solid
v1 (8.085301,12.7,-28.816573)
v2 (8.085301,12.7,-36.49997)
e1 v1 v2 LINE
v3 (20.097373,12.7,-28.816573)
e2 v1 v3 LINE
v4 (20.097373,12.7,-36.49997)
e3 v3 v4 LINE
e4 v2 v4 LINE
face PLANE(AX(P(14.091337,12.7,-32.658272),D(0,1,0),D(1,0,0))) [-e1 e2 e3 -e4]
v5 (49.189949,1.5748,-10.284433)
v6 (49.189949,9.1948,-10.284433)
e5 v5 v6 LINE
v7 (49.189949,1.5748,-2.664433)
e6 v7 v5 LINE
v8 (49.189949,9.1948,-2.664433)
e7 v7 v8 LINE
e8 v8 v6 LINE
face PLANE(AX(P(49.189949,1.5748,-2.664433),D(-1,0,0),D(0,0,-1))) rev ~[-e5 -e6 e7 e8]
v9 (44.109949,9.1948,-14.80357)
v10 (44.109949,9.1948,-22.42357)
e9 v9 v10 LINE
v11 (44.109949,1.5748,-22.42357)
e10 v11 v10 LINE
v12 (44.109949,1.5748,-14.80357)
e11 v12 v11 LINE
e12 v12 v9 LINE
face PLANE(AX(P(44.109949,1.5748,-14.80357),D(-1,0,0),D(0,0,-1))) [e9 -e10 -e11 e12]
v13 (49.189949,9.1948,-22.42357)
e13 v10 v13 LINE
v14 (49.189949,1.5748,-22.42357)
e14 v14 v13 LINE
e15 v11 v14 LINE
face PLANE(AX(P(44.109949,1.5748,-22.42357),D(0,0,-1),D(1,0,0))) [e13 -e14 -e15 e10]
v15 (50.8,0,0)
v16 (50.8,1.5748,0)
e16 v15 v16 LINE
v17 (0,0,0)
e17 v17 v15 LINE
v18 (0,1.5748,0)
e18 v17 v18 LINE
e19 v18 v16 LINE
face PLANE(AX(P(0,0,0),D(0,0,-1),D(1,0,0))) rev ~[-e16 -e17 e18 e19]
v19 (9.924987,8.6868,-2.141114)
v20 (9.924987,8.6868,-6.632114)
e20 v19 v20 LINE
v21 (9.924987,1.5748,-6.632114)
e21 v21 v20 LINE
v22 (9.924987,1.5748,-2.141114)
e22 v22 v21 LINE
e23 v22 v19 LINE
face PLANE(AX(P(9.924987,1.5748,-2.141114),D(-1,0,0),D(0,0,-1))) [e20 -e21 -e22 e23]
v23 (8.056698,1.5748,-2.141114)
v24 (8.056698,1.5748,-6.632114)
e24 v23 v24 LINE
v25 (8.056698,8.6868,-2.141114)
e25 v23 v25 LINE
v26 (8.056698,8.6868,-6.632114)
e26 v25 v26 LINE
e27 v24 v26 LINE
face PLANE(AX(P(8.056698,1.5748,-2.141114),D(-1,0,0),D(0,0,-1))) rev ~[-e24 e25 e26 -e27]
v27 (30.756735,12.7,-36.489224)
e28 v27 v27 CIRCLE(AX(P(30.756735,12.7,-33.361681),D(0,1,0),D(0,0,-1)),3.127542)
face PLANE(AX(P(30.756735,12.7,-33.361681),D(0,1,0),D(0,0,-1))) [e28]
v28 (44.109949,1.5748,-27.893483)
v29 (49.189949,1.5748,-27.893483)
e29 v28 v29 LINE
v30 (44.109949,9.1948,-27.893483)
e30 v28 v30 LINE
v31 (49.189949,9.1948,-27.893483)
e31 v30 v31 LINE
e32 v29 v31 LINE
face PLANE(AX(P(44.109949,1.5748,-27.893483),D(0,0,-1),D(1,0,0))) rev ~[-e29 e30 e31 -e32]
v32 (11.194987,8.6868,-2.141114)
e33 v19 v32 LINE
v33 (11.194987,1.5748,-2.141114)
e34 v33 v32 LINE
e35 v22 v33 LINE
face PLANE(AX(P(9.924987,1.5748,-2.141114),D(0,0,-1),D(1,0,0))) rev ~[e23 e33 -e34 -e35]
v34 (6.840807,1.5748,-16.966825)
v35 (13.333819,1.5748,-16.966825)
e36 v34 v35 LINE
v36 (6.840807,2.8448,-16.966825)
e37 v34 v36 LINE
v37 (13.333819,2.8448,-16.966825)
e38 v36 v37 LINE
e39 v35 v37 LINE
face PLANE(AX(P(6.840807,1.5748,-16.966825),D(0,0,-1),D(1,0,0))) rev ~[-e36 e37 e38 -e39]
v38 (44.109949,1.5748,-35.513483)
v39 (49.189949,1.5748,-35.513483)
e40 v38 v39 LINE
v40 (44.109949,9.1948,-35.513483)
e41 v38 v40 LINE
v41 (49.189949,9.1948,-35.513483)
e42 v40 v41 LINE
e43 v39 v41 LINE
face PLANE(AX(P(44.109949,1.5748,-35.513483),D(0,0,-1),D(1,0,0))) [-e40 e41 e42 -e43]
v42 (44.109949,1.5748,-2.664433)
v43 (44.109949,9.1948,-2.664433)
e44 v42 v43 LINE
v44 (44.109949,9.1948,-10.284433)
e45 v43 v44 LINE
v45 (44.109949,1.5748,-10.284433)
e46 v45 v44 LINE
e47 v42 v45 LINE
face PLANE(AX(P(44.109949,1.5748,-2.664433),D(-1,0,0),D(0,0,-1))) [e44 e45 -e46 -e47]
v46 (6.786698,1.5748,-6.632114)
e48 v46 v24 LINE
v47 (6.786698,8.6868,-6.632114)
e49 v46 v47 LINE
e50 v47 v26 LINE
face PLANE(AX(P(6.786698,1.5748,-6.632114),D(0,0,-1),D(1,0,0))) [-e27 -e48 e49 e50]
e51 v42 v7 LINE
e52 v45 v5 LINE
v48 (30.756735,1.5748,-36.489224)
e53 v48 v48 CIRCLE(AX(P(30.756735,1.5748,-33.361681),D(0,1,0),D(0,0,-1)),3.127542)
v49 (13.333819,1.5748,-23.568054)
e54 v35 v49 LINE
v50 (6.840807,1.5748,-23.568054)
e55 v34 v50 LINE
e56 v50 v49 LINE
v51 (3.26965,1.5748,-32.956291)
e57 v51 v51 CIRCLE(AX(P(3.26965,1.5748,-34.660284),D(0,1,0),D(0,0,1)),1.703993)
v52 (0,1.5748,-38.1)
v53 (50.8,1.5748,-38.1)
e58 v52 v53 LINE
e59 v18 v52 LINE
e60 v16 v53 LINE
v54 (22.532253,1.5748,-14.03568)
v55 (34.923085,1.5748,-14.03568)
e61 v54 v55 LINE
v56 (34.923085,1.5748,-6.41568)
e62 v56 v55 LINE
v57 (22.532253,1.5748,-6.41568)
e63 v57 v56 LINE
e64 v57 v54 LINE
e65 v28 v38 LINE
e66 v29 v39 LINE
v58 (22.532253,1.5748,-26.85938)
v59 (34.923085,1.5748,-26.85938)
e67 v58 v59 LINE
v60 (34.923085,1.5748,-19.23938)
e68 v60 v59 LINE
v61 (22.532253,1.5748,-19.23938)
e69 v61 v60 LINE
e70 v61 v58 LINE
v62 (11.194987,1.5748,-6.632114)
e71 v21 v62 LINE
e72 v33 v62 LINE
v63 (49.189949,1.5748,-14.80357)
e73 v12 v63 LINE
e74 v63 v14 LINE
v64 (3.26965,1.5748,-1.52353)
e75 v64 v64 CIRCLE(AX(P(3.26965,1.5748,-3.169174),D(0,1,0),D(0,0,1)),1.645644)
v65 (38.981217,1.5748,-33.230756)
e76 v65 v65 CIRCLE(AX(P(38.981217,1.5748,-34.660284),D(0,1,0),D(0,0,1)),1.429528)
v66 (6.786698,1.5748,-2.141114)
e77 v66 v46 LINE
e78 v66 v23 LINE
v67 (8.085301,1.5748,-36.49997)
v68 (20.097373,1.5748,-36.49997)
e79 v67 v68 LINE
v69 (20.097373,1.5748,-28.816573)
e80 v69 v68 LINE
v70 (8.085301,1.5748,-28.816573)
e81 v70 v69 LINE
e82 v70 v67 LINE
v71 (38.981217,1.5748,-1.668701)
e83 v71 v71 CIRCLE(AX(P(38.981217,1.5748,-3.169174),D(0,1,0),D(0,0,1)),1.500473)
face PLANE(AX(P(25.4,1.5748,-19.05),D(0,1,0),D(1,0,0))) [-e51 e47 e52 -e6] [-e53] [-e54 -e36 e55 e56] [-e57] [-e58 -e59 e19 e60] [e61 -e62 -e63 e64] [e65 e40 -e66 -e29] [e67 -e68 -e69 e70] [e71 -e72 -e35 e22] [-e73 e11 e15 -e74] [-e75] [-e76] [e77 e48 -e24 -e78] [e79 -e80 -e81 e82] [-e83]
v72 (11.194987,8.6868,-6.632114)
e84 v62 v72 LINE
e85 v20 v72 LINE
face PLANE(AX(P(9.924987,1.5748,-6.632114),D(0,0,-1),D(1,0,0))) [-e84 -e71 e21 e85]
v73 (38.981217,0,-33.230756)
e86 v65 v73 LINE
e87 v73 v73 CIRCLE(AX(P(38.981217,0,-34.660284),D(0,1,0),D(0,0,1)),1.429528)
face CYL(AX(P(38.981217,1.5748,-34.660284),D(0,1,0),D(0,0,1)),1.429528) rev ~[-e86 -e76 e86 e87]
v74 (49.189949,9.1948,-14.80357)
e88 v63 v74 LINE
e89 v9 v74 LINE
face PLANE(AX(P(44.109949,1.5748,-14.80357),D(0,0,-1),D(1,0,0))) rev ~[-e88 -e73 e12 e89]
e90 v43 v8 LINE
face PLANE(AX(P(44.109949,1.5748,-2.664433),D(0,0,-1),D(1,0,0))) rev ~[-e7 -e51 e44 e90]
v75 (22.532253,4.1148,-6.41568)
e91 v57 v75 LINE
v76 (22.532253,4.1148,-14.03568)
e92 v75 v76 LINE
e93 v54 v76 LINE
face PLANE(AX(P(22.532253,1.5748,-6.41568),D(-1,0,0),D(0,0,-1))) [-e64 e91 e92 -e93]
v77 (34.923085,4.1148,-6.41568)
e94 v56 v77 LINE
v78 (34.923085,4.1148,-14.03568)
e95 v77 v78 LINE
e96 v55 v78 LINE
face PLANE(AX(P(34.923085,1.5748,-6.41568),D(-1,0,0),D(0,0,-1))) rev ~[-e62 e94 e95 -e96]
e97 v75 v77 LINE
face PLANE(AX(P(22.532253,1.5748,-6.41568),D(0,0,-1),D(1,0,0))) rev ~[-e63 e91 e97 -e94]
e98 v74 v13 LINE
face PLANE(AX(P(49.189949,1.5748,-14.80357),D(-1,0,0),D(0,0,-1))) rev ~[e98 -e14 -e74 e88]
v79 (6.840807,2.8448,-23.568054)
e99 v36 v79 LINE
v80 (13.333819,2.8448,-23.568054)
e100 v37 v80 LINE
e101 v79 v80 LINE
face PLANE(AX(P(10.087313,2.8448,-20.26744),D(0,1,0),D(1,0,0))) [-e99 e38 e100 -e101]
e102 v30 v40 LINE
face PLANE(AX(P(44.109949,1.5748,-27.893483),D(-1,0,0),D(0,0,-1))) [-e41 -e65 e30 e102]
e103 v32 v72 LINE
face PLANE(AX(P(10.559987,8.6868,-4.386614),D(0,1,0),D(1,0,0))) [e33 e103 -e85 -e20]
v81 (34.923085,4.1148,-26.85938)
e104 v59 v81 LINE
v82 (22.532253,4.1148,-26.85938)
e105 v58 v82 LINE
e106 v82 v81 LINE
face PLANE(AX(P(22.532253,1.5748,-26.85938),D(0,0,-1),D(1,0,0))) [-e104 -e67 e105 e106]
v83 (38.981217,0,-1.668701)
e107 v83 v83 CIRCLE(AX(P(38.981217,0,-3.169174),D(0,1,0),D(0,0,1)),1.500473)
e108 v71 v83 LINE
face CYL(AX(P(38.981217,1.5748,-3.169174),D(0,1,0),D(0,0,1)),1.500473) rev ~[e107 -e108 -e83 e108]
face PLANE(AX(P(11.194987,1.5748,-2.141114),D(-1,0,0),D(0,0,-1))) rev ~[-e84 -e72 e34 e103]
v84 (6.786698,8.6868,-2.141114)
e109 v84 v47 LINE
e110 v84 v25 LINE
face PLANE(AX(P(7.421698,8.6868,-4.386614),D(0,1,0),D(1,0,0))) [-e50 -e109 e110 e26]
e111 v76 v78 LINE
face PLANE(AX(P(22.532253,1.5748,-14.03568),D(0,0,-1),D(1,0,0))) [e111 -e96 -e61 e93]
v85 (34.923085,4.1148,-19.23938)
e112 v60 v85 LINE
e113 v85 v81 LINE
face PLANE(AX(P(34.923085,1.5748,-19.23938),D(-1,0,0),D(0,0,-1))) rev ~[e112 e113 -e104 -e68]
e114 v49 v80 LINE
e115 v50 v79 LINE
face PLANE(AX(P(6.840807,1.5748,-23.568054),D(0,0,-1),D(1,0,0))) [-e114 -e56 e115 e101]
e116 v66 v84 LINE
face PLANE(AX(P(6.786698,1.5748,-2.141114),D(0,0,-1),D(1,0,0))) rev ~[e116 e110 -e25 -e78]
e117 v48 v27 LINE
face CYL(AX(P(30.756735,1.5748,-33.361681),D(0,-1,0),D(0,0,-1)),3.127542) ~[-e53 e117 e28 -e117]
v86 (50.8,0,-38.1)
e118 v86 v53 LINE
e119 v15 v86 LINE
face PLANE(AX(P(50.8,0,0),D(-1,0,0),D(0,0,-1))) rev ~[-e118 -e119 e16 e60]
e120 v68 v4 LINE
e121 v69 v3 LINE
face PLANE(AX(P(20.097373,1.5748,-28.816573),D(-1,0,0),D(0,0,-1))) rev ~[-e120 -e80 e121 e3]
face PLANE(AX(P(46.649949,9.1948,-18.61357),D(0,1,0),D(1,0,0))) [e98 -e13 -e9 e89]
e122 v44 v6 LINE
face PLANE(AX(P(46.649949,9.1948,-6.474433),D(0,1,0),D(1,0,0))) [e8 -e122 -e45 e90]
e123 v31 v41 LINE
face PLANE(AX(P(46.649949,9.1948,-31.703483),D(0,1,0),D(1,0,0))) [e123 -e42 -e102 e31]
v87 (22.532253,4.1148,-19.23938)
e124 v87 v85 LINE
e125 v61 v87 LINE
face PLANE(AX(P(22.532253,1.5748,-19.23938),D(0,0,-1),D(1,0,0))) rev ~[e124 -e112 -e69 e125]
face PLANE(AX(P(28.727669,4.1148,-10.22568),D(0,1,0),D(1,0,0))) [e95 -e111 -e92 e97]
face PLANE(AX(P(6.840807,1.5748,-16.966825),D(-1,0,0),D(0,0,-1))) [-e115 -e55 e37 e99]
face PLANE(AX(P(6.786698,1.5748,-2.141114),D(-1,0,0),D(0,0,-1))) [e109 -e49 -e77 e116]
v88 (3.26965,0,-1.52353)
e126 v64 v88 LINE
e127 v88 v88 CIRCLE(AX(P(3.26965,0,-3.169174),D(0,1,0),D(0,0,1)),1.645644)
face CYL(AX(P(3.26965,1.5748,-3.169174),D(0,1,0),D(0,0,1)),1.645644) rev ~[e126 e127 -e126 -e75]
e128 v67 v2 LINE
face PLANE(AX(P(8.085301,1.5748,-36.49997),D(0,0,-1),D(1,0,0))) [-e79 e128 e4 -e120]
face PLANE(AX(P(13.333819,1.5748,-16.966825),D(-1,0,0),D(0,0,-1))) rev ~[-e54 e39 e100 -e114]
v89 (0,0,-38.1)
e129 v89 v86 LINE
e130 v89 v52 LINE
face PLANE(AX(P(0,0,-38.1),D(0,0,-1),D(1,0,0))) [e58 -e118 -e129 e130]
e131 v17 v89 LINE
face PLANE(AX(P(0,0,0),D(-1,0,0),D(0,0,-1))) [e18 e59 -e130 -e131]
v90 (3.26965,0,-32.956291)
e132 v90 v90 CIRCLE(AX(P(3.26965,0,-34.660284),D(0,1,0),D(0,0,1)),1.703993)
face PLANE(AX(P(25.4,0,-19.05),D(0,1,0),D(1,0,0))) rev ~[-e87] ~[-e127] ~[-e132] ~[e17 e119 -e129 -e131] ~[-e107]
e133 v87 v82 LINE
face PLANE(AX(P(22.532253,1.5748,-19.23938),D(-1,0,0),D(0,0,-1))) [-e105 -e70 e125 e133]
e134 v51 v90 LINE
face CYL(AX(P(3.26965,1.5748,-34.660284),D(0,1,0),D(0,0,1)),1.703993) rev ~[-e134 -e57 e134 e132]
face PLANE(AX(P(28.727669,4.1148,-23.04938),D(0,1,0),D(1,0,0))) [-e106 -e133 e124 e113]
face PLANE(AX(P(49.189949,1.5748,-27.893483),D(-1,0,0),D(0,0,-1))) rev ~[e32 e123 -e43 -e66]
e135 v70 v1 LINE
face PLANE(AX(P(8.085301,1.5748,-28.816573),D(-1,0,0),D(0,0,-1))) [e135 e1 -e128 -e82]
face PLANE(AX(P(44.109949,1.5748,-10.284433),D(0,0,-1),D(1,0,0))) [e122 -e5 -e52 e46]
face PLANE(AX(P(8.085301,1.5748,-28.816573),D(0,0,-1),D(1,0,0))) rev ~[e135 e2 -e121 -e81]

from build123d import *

# Parameters (mm, degrees)
SKETCH1_W           = 50.8
SKETCH1_H           = 38.1
BOSS_EXTRUDE1_DEPTH = 1.5748
SKETCH2_W           = 5.08
SKETCH2_H           = 7.62
BOSS_EXTRUDE2_DEPTH = 7.62
SKETCH3_R           = 3.127542457
SKETCH3_W           = 12.012072663
SKETCH3_H           = 7.683397829
BOSS_EXTRUDE3_DEPTH = 11.1252
SKETCH4_W           = 12.39083171
SKETCH4_H           = 7.62
BOSS_EXTRUDE4_DEPTH = 2.54
SKETCH5_W           = 6.49301225
SKETCH5_H           = 6.601229121
BOSS_EXTRUDE5_DEPTH = 1.27
SKETCH6_W           = 1.27
SKETCH6_H           = 4.49100014
BOSS_EXTRUDE6_DEPTH = 7.112
SKETCH7_R           = 1.645643818
SKETCH7_R_2         = 1.500472866
SKETCH7_R_3         = 1.42952807
SKETCH7_R_4         = 1.703993098
CUT_EXTRUDE1_DEPTH  = 7.112


with BuildPart() as part:
    # Sketch1 → Boss-Extrude1 (new body)
    with BuildSketch(Plane(origin=(0, 0, 0), x_dir=(1, 0, 0), z_dir=(0, 1, 0))):
        with Locations((25.4, 19.05)):
            Rectangle(SKETCH1_W, SKETCH1_H)
    extrude(amount=BOSS_EXTRUDE1_DEPTH)

    # Sketch2 → Boss-Extrude2 (add)
    with BuildSketch(Plane(origin=(0, 1.5748, 0), x_dir=(1, 0, 0), z_dir=(0, 1, 0))):
        with Locations((46.649948662, 6.474433462)):
            Rectangle(SKETCH2_W, SKETCH2_H)
        with Locations((46.649948662, 18.613569988)):
            Rectangle(SKETCH2_W, SKETCH2_H)
        with Locations((46.649948662, 31.703482685)):
            Rectangle(SKETCH2_W, SKETCH2_H)
    extrude(amount=BOSS_EXTRUDE2_DEPTH)

    # Sketch3 → Boss-Extrude3 (add)
    with BuildSketch(Plane(origin=(0, 1.5748, 0), x_dir=(1, 0, 0), z_dir=(0, 1, 0))):
        with Locations(Location((30.756735106, 33.361681168, 0), (0, 0, 90))):
            Circle(SKETCH3_R)
        with Locations((14.091336998, 32.658271508)):
            Rectangle(SKETCH3_W, SKETCH3_H)
    extrude(amount=BOSS_EXTRUDE3_DEPTH)

    # Sketch4 → Boss-Extrude4 (add)
    with BuildSketch(Plane(origin=(0, 1.5748, 0), x_dir=(1, 0, 0), z_dir=(0, 1, 0))):
        with Locations((28.727668778, 23.049379524)):
            Rectangle(SKETCH4_W, SKETCH4_H)
        with Locations((28.727668778, 10.22568033)):
            Rectangle(SKETCH4_W, SKETCH4_H)
    extrude(amount=BOSS_EXTRUDE4_DEPTH)

    # Sketch5 → Boss-Extrude5 (add)
    with BuildSketch(Plane(origin=(0, 1.5748, 0), x_dir=(1, 0, 0), z_dir=(0, 1, 0))):
        with Locations((10.087312777, 20.267439796)):
            Rectangle(SKETCH5_W, SKETCH5_H)
    extrude(amount=BOSS_EXTRUDE5_DEPTH)

    # Sketch6 → Boss-Extrude6 (add)
    with BuildSketch(Plane(origin=(0, 1.5748, 0), x_dir=(1, 0, 0), z_dir=(0, 1, 0))):
        with Locations((7.421698216, 4.386614002)):
            Rectangle(SKETCH6_W, SKETCH6_H)
        with Locations((10.559987471, 4.386614002)):
            Rectangle(SKETCH6_W, SKETCH6_H)
    extrude(amount=BOSS_EXTRUDE6_DEPTH)

    # Sketch7 → Cut-Extrude1 (cut)
    with BuildSketch(Plane(origin=(0, 1.5748, 0), x_dir=(1, 0, 0), z_dir=(0, 1, 0))):
        with Locations(Location((3.269649914, 3.169174205, 0), (0, 0, 270))):
            Circle(SKETCH7_R)
        with Locations(Location((38.98121729, 3.169174205, 0), (0, 0, 270))):
            Circle(SKETCH7_R_2)
        with Locations(Location((38.98121729, 34.660283618, 0), (0, 0, 270))):
            Circle(SKETCH7_R_3)
        with Locations(Location((3.269649914, 34.660283618, 0), (0, 0, 270))):
            Circle(SKETCH7_R_4)
    extrude(amount=-CUT_EXTRUDE1_DEPTH, mode=Mode.SUBTRACT)


solid = part.part
